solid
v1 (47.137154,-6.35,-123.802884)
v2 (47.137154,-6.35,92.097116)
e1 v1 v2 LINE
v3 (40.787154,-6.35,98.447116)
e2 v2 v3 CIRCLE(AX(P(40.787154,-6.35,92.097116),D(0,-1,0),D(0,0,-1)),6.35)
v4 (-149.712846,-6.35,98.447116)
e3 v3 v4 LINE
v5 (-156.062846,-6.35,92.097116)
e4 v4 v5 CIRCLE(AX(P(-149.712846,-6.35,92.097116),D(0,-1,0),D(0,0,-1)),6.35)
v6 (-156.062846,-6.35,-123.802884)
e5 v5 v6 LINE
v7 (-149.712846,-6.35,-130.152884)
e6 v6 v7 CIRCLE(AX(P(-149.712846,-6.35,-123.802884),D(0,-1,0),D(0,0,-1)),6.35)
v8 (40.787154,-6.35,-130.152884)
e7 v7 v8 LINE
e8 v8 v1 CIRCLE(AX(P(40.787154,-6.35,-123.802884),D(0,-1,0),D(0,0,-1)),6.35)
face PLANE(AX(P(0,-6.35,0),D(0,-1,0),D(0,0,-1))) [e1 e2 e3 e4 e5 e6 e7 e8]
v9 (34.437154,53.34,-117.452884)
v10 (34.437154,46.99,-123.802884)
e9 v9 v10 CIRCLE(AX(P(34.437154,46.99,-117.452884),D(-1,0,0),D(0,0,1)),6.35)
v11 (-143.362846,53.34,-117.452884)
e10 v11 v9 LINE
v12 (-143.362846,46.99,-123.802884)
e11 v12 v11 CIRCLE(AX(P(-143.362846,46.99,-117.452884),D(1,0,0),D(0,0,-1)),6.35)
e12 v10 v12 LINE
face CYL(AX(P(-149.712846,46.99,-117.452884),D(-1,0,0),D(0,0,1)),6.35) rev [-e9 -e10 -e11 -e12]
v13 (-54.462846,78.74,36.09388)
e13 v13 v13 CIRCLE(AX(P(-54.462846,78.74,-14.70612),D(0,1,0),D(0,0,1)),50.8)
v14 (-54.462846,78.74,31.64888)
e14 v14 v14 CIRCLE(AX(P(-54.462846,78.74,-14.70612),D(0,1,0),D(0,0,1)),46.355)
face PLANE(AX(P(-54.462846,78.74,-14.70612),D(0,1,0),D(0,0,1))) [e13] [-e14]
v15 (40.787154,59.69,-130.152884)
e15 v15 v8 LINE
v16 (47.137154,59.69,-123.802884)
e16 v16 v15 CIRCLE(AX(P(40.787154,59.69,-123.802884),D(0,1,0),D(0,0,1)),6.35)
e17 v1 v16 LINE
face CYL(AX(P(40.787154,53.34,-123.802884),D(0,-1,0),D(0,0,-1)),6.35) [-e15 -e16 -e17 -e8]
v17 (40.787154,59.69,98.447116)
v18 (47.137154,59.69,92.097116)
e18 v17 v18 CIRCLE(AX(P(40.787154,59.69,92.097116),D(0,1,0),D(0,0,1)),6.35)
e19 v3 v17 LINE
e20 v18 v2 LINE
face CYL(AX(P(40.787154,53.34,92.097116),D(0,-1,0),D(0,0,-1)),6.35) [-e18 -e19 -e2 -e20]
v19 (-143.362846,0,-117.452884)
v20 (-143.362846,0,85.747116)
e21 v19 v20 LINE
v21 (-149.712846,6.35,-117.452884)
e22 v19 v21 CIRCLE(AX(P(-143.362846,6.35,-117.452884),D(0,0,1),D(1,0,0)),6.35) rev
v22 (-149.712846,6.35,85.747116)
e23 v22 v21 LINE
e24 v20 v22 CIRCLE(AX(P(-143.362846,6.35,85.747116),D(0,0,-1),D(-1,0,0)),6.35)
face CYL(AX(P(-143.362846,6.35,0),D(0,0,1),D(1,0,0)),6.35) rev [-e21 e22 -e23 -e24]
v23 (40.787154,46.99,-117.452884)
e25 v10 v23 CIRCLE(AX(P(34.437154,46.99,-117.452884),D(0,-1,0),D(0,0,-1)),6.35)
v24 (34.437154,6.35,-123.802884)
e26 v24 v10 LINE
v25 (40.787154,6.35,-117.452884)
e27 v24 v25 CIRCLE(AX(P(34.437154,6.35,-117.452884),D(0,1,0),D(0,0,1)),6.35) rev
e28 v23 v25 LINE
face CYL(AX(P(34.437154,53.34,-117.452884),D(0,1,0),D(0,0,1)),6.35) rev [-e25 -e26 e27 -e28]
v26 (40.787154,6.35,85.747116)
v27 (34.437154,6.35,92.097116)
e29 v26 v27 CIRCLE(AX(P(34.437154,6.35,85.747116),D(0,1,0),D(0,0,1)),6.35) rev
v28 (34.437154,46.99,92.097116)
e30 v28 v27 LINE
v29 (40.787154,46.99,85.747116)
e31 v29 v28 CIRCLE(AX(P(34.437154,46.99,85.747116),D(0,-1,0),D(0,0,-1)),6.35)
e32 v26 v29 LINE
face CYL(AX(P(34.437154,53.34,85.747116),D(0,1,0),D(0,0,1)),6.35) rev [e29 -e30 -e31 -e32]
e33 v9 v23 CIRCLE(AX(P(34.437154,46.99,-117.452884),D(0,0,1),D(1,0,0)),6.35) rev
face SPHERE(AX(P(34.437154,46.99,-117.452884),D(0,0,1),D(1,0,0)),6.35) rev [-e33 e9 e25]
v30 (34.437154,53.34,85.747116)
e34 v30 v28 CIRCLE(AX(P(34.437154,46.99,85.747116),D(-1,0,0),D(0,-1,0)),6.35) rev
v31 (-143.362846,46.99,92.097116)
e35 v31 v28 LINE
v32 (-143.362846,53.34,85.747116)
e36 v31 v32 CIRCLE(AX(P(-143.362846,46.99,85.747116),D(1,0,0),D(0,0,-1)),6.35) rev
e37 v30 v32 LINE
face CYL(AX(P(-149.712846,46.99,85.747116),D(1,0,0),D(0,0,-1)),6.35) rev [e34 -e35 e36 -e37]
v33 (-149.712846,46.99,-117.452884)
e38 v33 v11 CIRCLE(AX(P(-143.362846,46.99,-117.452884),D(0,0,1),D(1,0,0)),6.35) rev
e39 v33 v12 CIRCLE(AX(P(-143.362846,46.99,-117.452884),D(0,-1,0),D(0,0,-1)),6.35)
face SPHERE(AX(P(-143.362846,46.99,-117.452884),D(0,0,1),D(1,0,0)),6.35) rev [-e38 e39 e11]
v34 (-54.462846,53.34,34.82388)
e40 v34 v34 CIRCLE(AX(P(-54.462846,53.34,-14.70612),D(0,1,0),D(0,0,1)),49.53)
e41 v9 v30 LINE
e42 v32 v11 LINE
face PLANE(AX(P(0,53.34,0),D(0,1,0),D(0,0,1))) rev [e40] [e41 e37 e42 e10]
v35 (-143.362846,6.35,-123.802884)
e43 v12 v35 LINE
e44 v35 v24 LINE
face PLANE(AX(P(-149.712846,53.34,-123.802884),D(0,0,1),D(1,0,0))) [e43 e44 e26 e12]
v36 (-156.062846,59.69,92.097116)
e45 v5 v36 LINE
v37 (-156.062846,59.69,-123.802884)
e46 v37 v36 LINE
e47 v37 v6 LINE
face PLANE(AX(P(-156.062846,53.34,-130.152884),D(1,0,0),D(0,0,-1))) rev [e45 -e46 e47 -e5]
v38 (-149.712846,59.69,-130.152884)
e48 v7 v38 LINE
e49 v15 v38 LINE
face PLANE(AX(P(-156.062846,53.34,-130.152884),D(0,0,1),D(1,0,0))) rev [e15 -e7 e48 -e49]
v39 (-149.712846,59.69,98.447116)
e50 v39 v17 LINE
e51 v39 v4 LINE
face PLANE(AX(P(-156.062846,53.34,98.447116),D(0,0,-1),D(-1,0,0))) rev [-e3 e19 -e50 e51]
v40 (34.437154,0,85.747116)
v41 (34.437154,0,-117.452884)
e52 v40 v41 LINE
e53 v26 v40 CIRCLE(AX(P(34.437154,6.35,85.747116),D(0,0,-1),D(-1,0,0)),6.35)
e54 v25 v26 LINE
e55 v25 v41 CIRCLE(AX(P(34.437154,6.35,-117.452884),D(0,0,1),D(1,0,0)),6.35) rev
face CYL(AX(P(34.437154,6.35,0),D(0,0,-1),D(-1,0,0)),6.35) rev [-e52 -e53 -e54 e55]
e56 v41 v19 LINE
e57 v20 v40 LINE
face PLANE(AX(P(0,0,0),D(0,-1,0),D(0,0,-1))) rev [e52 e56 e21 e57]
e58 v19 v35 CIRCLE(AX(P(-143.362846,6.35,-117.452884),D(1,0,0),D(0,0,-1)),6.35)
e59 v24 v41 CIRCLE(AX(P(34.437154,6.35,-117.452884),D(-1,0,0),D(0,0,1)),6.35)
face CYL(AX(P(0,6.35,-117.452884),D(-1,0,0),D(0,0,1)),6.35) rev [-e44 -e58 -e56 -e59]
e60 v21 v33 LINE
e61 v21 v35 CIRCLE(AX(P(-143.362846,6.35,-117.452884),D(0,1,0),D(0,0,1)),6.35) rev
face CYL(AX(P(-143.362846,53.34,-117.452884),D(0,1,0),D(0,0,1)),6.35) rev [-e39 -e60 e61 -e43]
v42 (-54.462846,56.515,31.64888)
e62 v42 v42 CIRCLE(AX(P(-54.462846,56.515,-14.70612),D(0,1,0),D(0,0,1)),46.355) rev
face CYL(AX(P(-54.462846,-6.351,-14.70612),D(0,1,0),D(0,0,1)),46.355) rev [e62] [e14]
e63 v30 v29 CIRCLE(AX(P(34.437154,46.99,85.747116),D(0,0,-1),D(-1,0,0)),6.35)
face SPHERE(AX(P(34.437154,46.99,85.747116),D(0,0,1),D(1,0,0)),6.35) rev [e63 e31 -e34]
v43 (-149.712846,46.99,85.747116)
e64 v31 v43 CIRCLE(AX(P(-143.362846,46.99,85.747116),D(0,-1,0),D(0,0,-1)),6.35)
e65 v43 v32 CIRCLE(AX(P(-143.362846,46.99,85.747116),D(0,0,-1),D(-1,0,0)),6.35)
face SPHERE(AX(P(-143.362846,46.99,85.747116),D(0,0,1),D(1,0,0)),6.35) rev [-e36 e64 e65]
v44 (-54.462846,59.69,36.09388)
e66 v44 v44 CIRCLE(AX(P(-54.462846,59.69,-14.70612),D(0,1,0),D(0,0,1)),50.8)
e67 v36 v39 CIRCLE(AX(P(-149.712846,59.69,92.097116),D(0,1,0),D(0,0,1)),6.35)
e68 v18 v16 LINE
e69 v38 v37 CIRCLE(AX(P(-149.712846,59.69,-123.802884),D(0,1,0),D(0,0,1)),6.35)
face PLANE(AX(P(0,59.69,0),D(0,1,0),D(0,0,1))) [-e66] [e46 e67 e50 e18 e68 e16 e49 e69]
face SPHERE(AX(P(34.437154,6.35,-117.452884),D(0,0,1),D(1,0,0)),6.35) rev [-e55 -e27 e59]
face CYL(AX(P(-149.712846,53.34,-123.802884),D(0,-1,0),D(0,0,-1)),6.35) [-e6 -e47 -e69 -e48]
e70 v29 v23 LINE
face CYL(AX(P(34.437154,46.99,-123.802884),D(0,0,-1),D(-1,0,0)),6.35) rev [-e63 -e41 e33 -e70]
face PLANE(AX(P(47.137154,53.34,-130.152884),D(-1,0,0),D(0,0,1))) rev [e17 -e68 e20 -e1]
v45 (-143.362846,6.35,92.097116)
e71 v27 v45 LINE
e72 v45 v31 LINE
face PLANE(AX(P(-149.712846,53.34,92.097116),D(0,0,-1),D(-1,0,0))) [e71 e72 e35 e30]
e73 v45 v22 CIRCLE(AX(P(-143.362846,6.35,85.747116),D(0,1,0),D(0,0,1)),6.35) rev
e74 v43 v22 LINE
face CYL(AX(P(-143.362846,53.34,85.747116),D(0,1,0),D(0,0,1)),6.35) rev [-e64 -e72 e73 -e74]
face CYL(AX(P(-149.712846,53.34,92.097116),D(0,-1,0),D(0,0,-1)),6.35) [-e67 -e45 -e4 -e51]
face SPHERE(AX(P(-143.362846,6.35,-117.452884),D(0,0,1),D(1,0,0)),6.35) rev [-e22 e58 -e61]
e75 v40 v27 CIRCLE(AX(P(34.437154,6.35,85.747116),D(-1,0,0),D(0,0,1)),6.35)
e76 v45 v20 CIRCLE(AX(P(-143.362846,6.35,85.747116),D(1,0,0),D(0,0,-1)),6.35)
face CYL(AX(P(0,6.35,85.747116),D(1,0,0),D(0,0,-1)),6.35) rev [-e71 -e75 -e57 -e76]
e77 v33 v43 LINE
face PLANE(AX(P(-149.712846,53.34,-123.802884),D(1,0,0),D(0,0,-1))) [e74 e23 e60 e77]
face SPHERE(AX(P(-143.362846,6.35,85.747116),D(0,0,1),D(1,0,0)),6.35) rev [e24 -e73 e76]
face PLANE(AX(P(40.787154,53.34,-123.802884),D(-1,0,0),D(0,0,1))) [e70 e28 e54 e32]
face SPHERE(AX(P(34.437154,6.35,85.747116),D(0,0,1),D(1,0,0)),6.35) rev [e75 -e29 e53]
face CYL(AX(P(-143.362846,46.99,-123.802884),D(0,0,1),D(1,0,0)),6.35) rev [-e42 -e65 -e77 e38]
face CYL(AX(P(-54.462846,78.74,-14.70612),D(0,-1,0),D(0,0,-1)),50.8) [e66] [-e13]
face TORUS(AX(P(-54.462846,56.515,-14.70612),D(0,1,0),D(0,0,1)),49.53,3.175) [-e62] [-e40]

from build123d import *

# Parameters (mm, degrees)
SKETCH1_W           = 203.2
SKETCH1_H           = 228.6
SKETCH1_W_2         = 190.5
SKETCH1_H_2         = 215.9
BOSS_EXTRUDE1_DEPTH = 53.34
SKETCH2_W           = 203.2
SKETCH2_H           = 228.6
BOSS_EXTRUDE2_DEPTH = 6.35
SKETCH3_W           = 203.2
SKETCH3_H           = 228.6
BOSS_EXTRUDE3_DEPTH = 6.35
CUT_EXTRUDE1_REACH  = 68.04
SKETCH5_R           = 46.355
FILLET5_R           = 6.35
SKETCH6_R           = 50.8
SKETCH6_R_2         = 46.355
BOSS_EXTRUDE4_DEPTH = 19.05
FILLET6_R           = 3.175


with BuildPart() as part:
    # Sketch1 → Boss-Extrude1 (new body)
    with BuildSketch(Plane(origin=(0, 0, 0), x_dir=(1, 0, 0), z_dir=(0, 1, 0))):
        with Locations((-54.462846348, 15.85288386)):
            Rectangle(SKETCH1_W, SKETCH1_H)
        with Locations((-54.462846348, 15.85288386)):
            Rectangle(SKETCH1_W_2, SKETCH1_H_2, mode=Mode.SUBTRACT)
    extrude(amount=BOSS_EXTRUDE1_DEPTH)

    # Sketch2 → Boss-Extrude2 (add)
    with BuildSketch(Plane(origin=(0, 0, 0), x_dir=(-1, 0, 0), z_dir=(0, -1, 0))):
        with Locations((54.462846348, 15.85288386)):
            Rectangle(SKETCH2_W, SKETCH2_H)
    extrude(amount=BOSS_EXTRUDE2_DEPTH)

    # Sketch3 → Boss-Extrude3 (add)
    with BuildSketch(Plane(origin=(0, 53.34, 0), x_dir=(1, 0, 0), z_dir=(0, 1, 0))):
        with Locations((-54.462846348, 15.85288386)):
            Rectangle(SKETCH3_W, SKETCH3_H)
    extrude(amount=BOSS_EXTRUDE3_DEPTH)

    # Sketch5 → Cut-Extrude1 (cut, up to next)
    with BuildSketch(Plane(origin=(0, 59.69, 0), x_dir=(1, 0, 0), z_dir=(0, 1, 0)), mode=Mode.PRIVATE) as cut_extrude1_sk1:
        with Locations((-54.462846348, 14.706120018)):
            Circle(SKETCH5_R)
    cut_extrude1_tool1 = extrude(cut_extrude1_sk1.sketch, amount=-CUT_EXTRUDE1_REACH, mode=Mode.PRIVATE) & part.part
    add(cut_extrude1_tool1.solids().sort_by_distance((-54.462846, 59.69, -14.70612))[0], mode=Mode.SUBTRACT)

    # Fillet5
    fillet5_edges = [part.edges().sort_by_distance(p)[0] for p in [
        (-149.712846348, 0, -15.85288386),
        (-149.712846348, 26.67, -123.80288386),
        (-54.462846348, 0, 92.09711614),
        (-149.712846348, 26.67, 92.09711614),
        (40.787153652, 0, -15.85288386),
        (40.787153652, 26.67, 92.09711614),
        (-54.462846348, 0, -123.80288386),
        (40.787153652, 26.67, -123.80288386),
        (-149.712846348, 53.34, -15.85288386),
        (-54.462846348, 53.34, 92.09711614),
        (40.787153652, 53.34, -15.85288386),
        (-54.462846348, 53.34, -123.80288386),
        (-156.062846348, 26.67, -130.15288386),
        (47.137153652, 26.67, -130.15288386),
        (47.137153652, 26.67, 98.44711614),
        (-156.062846348, 26.67, 98.44711614),
    ]]
    fillet(fillet5_edges, radius=FILLET5_R)

    # Sketch6 → Boss-Extrude4 (add)
    with BuildSketch(Plane(origin=(0, 59.69, 0), x_dir=(1, 0, 0), z_dir=(0, 1, 0))):
        with Locations((-54.462846348, 14.706120018)):
            Circle(SKETCH6_R)
        with Locations((-54.462846348, 14.706120018)):
            Circle(SKETCH6_R_2, mode=Mode.SUBTRACT)
    extrude(amount=BOSS_EXTRUDE4_DEPTH)

    # Fillet6
    fillet6_edges = [part.edges().sort_by_distance(p)[0] for p in [
        (-100.817846348, 53.34, -14.706120018),
    ]]
    fillet(fillet6_edges, radius=FILLET6_R)


solid = part.part
